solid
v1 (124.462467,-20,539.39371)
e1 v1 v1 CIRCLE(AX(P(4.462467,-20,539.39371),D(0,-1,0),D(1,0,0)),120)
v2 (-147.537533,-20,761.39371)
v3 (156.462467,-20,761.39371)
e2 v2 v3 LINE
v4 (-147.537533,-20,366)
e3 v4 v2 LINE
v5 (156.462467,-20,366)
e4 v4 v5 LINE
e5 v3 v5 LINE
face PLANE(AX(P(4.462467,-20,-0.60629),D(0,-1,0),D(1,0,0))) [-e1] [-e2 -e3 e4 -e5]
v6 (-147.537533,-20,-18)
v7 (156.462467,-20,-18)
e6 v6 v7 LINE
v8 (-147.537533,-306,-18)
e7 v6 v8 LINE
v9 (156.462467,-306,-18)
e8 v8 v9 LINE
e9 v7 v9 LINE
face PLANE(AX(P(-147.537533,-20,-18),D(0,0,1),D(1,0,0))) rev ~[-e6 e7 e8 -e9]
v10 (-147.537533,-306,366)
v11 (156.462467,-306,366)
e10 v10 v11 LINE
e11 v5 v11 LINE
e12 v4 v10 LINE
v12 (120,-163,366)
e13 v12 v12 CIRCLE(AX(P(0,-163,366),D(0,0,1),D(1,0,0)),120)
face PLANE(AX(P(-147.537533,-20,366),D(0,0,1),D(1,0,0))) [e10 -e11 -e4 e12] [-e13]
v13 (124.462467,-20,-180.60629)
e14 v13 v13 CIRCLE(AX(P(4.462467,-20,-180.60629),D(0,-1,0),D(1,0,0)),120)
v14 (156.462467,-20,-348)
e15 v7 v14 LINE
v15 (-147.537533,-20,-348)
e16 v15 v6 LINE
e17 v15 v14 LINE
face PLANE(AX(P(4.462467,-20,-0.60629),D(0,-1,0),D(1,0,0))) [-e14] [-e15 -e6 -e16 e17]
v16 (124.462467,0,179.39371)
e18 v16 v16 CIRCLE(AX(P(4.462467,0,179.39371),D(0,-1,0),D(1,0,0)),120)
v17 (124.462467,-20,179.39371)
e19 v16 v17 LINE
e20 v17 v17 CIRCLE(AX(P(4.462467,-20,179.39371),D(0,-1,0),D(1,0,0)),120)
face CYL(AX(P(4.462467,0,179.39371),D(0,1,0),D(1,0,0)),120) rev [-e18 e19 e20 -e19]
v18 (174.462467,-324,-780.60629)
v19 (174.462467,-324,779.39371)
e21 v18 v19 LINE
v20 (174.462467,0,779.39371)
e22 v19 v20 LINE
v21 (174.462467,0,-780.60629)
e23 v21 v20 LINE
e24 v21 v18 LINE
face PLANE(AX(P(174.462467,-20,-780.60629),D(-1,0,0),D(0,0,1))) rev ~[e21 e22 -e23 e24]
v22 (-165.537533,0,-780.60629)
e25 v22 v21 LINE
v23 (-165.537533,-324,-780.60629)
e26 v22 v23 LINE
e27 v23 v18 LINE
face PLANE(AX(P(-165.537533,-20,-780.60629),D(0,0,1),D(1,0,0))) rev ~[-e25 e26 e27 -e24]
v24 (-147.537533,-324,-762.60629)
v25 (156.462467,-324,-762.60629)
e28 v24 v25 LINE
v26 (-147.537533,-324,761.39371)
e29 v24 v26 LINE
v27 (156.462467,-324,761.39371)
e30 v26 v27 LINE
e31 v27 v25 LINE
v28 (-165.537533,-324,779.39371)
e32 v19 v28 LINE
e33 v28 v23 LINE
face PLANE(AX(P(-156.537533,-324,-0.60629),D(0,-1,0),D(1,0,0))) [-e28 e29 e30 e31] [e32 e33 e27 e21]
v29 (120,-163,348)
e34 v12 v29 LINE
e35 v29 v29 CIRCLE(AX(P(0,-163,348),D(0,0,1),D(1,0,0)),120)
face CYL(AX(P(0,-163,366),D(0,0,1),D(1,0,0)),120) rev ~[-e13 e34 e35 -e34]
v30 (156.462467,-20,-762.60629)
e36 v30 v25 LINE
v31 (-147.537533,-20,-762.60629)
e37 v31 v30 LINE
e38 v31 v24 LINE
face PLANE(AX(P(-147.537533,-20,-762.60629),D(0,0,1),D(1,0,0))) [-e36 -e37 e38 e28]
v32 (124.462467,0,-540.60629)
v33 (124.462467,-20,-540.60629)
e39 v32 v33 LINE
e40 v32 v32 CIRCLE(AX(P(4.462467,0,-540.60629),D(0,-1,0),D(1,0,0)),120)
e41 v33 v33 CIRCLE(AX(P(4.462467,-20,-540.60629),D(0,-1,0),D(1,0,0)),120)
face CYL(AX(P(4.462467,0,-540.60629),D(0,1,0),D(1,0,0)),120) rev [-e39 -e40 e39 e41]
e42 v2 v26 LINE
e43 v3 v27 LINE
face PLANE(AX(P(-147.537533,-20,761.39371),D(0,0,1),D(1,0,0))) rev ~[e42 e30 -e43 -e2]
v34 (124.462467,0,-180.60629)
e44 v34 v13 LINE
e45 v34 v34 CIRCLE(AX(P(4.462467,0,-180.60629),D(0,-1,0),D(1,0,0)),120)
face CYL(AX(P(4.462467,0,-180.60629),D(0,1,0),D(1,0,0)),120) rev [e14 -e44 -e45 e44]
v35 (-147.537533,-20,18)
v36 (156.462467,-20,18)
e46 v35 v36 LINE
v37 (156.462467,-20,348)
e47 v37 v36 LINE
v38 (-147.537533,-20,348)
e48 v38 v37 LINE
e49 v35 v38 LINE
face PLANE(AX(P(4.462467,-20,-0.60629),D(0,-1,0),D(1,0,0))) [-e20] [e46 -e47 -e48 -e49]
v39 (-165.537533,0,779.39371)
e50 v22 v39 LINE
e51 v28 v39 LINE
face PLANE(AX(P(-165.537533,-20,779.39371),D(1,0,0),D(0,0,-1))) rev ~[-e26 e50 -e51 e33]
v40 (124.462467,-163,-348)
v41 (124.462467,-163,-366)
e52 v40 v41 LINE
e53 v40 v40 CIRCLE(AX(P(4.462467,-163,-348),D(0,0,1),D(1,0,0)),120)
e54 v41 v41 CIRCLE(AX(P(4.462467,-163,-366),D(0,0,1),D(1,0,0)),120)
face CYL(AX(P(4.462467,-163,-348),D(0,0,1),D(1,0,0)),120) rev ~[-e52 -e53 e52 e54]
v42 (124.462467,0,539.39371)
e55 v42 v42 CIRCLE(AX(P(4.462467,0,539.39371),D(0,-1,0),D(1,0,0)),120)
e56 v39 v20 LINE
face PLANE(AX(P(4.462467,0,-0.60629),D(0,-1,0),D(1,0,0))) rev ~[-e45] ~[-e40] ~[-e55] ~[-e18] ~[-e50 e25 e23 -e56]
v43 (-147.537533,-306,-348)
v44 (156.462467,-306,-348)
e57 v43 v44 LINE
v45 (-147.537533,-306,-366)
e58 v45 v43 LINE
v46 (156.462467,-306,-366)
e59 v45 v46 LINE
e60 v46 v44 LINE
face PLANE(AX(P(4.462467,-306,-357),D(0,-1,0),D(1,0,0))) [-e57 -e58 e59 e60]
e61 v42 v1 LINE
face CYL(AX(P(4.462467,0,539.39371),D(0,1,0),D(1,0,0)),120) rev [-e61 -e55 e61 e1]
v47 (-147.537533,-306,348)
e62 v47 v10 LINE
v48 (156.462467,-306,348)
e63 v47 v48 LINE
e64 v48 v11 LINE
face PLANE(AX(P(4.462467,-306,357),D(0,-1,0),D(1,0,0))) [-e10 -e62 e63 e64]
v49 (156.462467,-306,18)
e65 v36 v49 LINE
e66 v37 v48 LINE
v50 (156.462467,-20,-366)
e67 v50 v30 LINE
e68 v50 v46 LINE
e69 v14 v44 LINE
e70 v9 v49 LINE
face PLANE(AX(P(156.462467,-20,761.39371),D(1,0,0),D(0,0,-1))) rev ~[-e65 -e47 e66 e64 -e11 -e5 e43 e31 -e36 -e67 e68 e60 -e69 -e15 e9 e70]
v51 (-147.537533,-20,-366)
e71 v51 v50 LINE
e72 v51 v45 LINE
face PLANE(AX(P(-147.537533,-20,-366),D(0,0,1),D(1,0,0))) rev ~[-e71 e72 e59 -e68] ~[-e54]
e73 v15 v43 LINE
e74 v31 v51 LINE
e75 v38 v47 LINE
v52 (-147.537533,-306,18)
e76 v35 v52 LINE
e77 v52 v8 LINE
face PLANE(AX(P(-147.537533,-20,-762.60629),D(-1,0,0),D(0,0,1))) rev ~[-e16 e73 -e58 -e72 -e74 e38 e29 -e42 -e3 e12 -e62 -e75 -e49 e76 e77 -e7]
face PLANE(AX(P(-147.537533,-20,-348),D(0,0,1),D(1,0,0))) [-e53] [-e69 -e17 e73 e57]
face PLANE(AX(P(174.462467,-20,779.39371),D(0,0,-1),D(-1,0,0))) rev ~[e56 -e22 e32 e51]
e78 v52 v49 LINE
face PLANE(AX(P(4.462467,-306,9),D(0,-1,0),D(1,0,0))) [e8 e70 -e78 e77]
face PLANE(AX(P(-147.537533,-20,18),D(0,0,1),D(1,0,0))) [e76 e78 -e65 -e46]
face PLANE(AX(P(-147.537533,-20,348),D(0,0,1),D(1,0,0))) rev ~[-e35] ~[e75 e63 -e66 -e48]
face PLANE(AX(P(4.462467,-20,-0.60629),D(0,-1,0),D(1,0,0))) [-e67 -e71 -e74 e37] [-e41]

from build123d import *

# Parameters (mm, degrees)
F0_W     = 340
F0_H     = 1560
F0_R     = 120
F1_DEPTH = 20
F2_W     = 304
F2_H     = 18
F3_DEPTH = 304
F4_DEPTH = 286
F5_R     = 120
F6_DEPTH = 18
F8_DEPTH = 18
F7_R     = 120
F9_DEPTH = 18


with BuildPart() as f1:
    # F0 (on Front) → F1 (new body)
    with BuildSketch(Plane.XZ):
        with Locations((4.462467, -0.60629)):
            Rectangle(F0_W, F0_H)
        with Locations((4.462467, -540.60629)):
            Circle(F0_R, mode=Mode.SUBTRACT)
        with Locations((4.462467, -180.60629)):
            Circle(F0_R, mode=Mode.SUBTRACT)
        with Locations((4.462467, 179.39371)):
            Circle(F0_R, mode=Mode.SUBTRACT)
        with Locations((4.462467, 539.39371)):
            Circle(F0_R, mode=Mode.SUBTRACT)
    extrude(amount=F1_DEPTH)

    # F2 (on face) → F3 (join)
    with BuildSketch(Plane.XZ.offset(20)):
        Polygon((-165.537533, 779.39371), (-165.537533, -780.60629), (-147.537533, -780.60629), (-147.537533, -762.60629), (-147.537533, -366), (-147.537533, -348), (-147.537533, -18), (-147.537533, 0), (-147.537533, 18), (-147.537533, 348), (-147.537533, 366), (-147.537533, 761.39371), (-147.537533, 779.39371), align=None)
        with Locations((4.462467, 770.39371)):
            Rectangle(F2_W, F2_H)
        Polygon((156.462467, -762.60629), (156.462467, -780.60629), (174.462467, -780.60629), (174.462467, 779.39371), (156.462467, 779.39371), (156.462467, 761.39371), (156.462467, 366), (156.462467, 348), (156.462467, 18), (156.462467, 0), (156.462467, -18), (156.462467, -348), (156.462467, -366), align=None)
        with Locations((4.462467, -771.60629)):
            Rectangle(F2_W, F2_H)
    extrude(amount=F3_DEPTH)

    # F2 (on face) → F4 (join)
    with BuildSketch(Plane.XZ.offset(20)):
        with Locations((4.462467, -357)):
            Rectangle(F2_W, F2_H)
        with Locations((4.462467, 9)):
            Rectangle(F2_W, F2_H)
        with Locations((4.462467, -9)):
            Rectangle(F2_W, F2_H)
        with Locations((4.462467, 357)):
            Rectangle(F2_W, F2_H)
    extrude(amount=F4_DEPTH)

    # F5 (on face) → F6 (cut)
    with BuildSketch(Plane.XY.offset(366)):
        with Locations((0, -163)):
            Circle(F5_R)
    extrude(amount=-F6_DEPTH, mode=Mode.SUBTRACT)

    # F5 (on face) → F8 (cut)
    with BuildSketch(Plane.XY.offset(366)):
        with Locations((0, -163)):
            Circle(F5_R)
    extrude(amount=-F8_DEPTH, mode=Mode.SUBTRACT)

    # F7 (on face) → F9 (cut)
    with BuildSketch(Plane.XY.offset(-348)):
        with Locations((4.462467, -163)):
            Circle(F7_R)
    extrude(amount=-F9_DEPTH, mode=Mode.SUBTRACT)


solid = f1.part
